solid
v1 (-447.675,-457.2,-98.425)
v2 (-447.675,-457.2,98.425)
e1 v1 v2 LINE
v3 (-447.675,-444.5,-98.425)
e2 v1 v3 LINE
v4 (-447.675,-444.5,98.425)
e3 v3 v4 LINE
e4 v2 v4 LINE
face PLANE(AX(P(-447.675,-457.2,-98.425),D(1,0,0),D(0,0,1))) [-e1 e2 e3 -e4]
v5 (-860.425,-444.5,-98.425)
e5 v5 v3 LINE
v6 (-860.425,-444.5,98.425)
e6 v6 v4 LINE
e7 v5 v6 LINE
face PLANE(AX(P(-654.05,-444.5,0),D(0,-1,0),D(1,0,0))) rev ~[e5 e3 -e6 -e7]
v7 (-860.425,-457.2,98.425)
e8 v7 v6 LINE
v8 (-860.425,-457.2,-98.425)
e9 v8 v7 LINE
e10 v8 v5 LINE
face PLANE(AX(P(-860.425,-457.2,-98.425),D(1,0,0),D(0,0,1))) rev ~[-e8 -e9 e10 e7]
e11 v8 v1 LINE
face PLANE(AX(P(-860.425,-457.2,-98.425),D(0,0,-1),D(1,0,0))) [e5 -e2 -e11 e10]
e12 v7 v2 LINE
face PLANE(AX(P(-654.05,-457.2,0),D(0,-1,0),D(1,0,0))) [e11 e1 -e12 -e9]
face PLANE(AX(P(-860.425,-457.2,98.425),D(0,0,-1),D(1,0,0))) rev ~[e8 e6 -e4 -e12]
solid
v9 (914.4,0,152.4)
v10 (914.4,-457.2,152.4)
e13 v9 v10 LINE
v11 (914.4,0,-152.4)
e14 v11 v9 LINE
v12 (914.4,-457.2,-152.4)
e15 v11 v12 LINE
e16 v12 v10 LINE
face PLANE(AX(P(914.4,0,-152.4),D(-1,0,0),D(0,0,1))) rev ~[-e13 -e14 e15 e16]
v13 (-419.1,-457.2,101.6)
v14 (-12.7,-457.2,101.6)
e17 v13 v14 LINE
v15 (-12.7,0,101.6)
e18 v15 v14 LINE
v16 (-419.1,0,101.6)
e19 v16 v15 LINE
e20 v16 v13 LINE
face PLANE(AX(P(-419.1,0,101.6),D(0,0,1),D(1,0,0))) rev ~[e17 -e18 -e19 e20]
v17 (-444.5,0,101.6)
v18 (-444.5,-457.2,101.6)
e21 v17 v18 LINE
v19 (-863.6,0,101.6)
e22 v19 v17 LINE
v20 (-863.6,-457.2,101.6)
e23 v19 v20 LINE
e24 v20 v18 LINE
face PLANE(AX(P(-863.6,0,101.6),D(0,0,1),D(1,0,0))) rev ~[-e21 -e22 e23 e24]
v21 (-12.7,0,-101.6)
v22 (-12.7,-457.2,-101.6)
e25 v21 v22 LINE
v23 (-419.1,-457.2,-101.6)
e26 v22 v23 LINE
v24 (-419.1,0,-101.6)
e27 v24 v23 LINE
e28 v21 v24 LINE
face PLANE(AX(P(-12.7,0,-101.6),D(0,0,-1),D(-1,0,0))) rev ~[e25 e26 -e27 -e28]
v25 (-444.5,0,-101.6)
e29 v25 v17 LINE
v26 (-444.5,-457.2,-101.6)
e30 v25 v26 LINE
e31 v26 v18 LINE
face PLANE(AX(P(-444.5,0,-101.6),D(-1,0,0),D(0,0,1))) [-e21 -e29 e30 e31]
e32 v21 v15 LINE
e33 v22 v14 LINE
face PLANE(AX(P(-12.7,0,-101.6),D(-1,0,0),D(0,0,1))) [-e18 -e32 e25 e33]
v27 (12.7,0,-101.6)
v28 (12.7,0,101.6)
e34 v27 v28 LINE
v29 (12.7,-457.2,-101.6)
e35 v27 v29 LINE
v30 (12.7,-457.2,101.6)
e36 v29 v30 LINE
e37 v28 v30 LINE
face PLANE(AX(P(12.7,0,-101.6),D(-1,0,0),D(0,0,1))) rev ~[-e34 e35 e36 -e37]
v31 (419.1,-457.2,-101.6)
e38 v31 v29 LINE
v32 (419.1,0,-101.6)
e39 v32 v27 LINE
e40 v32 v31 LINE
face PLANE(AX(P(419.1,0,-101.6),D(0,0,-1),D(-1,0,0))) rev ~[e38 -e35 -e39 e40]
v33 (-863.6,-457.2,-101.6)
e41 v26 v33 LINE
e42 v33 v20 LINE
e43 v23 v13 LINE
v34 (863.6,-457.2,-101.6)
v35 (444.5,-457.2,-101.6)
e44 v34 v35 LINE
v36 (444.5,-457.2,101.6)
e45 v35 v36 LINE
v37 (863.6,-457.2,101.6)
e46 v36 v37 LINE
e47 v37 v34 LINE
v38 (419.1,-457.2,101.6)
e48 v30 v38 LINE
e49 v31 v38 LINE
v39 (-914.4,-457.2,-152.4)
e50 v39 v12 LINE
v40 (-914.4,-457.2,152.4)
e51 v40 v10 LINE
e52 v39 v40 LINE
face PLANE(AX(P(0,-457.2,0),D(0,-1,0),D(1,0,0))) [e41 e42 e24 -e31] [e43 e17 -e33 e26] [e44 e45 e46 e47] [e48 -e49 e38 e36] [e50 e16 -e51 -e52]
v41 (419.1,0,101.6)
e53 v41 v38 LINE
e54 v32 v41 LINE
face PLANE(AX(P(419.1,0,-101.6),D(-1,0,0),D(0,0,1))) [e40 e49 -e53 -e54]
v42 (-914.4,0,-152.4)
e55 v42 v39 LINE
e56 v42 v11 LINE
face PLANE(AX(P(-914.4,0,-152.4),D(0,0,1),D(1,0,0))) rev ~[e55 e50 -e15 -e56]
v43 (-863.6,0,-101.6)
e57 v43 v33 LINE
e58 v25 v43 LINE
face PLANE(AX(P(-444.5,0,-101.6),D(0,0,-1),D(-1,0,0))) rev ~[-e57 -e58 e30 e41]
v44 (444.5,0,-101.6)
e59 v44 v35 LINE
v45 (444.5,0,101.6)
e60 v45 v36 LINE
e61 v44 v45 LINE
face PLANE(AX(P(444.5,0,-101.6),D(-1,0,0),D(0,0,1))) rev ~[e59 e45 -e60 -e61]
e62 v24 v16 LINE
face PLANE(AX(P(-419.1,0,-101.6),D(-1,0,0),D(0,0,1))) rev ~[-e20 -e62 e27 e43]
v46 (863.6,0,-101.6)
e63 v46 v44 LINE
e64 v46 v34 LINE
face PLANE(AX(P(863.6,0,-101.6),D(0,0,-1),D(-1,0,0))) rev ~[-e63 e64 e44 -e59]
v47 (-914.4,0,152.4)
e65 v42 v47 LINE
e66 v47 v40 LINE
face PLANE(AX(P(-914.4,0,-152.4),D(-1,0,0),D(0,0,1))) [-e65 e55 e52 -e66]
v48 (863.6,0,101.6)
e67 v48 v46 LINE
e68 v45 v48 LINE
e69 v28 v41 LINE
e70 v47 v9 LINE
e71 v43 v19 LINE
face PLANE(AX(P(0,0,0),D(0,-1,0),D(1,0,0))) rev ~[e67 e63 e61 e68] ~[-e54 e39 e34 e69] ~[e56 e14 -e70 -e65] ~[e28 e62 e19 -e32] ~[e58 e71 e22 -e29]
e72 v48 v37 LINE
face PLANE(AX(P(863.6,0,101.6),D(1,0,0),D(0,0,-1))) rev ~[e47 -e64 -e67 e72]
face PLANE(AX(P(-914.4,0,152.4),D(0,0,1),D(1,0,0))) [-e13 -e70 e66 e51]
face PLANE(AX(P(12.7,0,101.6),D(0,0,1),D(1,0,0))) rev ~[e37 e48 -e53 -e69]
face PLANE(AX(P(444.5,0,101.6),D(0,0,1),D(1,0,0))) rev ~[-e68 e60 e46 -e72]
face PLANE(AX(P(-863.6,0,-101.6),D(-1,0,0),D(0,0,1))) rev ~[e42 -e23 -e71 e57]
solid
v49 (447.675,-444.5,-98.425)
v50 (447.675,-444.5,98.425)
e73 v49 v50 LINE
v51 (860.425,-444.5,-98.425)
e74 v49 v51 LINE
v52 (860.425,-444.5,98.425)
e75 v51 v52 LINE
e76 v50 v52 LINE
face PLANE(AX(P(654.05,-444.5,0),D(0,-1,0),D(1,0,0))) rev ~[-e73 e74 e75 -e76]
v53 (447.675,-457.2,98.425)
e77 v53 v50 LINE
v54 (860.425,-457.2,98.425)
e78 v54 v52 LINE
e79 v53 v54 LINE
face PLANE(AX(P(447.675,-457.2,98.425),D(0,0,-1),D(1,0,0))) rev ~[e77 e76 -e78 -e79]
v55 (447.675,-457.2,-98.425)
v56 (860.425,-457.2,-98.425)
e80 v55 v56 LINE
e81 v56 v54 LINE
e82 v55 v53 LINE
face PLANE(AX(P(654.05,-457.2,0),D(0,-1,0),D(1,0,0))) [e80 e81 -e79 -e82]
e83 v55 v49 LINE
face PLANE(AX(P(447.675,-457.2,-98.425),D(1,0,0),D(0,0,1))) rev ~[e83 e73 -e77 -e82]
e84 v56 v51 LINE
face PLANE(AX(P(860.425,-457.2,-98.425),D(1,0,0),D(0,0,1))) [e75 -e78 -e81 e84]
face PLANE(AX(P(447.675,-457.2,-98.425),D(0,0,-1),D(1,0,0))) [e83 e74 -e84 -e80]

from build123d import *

# Parameters (mm, degrees)
F0_W     = 1828.8
F0_H     = 304.8
F0_W_2   = 25.4
F0_H_2   = 203.2
F1_DEPTH = 457.2
F2_W     = 412.75
F2_H     = 196.85
F3_DEPTH = 12.7
F4_DEPTH = 12.7


with BuildPart() as f1:
    # F0 (on Front) → F1 (new body)
    with BuildSketch(Plane.XZ):
        Rectangle(F0_W, F0_H)
        Polygon((-444.5, -101.6), (-863.6, -101.6), (-863.6, 101.6), (-444.5, 101.6), (-419.1, 101.6), (-12.7, 101.6), (12.7, 101.6), (419.1, 101.6), (444.5, 101.6), (863.6, 101.6), (863.6, -101.6), (444.5, -101.6), (419.1, -101.6), (12.7, -101.6), (-12.7, -101.6), (-419.1, -101.6), align=None, mode=Mode.SUBTRACT)
        with Locations((-431.8, 0)):
            Rectangle(F0_W_2, F0_H_2)
        Rectangle(F0_W_2, F0_H_2)
        with Locations((431.8, 0)):
            Rectangle(F0_W_2, F0_H_2)
    extrude(amount=F1_DEPTH)


with BuildPart() as f3:
    # F2 (on face) → F3 (new body)
    with BuildSketch(Plane.XZ.offset(457.2)):
        with Locations((-654.05, 0)):
            Rectangle(F2_W, F2_H)
    extrude(amount=-F3_DEPTH)

    # F2 (on face) → F4 (join)
    with BuildSketch(Plane.XZ.offset(457.2)):
        with Locations((-654.05, 0)):
            Rectangle(F2_W, F2_H)
        with Locations((654.05, 0)):
            Rectangle(F2_W, F2_H)
    extrude(amount=-F4_DEPTH)


solid = Compound([f1.part, f3.part])
